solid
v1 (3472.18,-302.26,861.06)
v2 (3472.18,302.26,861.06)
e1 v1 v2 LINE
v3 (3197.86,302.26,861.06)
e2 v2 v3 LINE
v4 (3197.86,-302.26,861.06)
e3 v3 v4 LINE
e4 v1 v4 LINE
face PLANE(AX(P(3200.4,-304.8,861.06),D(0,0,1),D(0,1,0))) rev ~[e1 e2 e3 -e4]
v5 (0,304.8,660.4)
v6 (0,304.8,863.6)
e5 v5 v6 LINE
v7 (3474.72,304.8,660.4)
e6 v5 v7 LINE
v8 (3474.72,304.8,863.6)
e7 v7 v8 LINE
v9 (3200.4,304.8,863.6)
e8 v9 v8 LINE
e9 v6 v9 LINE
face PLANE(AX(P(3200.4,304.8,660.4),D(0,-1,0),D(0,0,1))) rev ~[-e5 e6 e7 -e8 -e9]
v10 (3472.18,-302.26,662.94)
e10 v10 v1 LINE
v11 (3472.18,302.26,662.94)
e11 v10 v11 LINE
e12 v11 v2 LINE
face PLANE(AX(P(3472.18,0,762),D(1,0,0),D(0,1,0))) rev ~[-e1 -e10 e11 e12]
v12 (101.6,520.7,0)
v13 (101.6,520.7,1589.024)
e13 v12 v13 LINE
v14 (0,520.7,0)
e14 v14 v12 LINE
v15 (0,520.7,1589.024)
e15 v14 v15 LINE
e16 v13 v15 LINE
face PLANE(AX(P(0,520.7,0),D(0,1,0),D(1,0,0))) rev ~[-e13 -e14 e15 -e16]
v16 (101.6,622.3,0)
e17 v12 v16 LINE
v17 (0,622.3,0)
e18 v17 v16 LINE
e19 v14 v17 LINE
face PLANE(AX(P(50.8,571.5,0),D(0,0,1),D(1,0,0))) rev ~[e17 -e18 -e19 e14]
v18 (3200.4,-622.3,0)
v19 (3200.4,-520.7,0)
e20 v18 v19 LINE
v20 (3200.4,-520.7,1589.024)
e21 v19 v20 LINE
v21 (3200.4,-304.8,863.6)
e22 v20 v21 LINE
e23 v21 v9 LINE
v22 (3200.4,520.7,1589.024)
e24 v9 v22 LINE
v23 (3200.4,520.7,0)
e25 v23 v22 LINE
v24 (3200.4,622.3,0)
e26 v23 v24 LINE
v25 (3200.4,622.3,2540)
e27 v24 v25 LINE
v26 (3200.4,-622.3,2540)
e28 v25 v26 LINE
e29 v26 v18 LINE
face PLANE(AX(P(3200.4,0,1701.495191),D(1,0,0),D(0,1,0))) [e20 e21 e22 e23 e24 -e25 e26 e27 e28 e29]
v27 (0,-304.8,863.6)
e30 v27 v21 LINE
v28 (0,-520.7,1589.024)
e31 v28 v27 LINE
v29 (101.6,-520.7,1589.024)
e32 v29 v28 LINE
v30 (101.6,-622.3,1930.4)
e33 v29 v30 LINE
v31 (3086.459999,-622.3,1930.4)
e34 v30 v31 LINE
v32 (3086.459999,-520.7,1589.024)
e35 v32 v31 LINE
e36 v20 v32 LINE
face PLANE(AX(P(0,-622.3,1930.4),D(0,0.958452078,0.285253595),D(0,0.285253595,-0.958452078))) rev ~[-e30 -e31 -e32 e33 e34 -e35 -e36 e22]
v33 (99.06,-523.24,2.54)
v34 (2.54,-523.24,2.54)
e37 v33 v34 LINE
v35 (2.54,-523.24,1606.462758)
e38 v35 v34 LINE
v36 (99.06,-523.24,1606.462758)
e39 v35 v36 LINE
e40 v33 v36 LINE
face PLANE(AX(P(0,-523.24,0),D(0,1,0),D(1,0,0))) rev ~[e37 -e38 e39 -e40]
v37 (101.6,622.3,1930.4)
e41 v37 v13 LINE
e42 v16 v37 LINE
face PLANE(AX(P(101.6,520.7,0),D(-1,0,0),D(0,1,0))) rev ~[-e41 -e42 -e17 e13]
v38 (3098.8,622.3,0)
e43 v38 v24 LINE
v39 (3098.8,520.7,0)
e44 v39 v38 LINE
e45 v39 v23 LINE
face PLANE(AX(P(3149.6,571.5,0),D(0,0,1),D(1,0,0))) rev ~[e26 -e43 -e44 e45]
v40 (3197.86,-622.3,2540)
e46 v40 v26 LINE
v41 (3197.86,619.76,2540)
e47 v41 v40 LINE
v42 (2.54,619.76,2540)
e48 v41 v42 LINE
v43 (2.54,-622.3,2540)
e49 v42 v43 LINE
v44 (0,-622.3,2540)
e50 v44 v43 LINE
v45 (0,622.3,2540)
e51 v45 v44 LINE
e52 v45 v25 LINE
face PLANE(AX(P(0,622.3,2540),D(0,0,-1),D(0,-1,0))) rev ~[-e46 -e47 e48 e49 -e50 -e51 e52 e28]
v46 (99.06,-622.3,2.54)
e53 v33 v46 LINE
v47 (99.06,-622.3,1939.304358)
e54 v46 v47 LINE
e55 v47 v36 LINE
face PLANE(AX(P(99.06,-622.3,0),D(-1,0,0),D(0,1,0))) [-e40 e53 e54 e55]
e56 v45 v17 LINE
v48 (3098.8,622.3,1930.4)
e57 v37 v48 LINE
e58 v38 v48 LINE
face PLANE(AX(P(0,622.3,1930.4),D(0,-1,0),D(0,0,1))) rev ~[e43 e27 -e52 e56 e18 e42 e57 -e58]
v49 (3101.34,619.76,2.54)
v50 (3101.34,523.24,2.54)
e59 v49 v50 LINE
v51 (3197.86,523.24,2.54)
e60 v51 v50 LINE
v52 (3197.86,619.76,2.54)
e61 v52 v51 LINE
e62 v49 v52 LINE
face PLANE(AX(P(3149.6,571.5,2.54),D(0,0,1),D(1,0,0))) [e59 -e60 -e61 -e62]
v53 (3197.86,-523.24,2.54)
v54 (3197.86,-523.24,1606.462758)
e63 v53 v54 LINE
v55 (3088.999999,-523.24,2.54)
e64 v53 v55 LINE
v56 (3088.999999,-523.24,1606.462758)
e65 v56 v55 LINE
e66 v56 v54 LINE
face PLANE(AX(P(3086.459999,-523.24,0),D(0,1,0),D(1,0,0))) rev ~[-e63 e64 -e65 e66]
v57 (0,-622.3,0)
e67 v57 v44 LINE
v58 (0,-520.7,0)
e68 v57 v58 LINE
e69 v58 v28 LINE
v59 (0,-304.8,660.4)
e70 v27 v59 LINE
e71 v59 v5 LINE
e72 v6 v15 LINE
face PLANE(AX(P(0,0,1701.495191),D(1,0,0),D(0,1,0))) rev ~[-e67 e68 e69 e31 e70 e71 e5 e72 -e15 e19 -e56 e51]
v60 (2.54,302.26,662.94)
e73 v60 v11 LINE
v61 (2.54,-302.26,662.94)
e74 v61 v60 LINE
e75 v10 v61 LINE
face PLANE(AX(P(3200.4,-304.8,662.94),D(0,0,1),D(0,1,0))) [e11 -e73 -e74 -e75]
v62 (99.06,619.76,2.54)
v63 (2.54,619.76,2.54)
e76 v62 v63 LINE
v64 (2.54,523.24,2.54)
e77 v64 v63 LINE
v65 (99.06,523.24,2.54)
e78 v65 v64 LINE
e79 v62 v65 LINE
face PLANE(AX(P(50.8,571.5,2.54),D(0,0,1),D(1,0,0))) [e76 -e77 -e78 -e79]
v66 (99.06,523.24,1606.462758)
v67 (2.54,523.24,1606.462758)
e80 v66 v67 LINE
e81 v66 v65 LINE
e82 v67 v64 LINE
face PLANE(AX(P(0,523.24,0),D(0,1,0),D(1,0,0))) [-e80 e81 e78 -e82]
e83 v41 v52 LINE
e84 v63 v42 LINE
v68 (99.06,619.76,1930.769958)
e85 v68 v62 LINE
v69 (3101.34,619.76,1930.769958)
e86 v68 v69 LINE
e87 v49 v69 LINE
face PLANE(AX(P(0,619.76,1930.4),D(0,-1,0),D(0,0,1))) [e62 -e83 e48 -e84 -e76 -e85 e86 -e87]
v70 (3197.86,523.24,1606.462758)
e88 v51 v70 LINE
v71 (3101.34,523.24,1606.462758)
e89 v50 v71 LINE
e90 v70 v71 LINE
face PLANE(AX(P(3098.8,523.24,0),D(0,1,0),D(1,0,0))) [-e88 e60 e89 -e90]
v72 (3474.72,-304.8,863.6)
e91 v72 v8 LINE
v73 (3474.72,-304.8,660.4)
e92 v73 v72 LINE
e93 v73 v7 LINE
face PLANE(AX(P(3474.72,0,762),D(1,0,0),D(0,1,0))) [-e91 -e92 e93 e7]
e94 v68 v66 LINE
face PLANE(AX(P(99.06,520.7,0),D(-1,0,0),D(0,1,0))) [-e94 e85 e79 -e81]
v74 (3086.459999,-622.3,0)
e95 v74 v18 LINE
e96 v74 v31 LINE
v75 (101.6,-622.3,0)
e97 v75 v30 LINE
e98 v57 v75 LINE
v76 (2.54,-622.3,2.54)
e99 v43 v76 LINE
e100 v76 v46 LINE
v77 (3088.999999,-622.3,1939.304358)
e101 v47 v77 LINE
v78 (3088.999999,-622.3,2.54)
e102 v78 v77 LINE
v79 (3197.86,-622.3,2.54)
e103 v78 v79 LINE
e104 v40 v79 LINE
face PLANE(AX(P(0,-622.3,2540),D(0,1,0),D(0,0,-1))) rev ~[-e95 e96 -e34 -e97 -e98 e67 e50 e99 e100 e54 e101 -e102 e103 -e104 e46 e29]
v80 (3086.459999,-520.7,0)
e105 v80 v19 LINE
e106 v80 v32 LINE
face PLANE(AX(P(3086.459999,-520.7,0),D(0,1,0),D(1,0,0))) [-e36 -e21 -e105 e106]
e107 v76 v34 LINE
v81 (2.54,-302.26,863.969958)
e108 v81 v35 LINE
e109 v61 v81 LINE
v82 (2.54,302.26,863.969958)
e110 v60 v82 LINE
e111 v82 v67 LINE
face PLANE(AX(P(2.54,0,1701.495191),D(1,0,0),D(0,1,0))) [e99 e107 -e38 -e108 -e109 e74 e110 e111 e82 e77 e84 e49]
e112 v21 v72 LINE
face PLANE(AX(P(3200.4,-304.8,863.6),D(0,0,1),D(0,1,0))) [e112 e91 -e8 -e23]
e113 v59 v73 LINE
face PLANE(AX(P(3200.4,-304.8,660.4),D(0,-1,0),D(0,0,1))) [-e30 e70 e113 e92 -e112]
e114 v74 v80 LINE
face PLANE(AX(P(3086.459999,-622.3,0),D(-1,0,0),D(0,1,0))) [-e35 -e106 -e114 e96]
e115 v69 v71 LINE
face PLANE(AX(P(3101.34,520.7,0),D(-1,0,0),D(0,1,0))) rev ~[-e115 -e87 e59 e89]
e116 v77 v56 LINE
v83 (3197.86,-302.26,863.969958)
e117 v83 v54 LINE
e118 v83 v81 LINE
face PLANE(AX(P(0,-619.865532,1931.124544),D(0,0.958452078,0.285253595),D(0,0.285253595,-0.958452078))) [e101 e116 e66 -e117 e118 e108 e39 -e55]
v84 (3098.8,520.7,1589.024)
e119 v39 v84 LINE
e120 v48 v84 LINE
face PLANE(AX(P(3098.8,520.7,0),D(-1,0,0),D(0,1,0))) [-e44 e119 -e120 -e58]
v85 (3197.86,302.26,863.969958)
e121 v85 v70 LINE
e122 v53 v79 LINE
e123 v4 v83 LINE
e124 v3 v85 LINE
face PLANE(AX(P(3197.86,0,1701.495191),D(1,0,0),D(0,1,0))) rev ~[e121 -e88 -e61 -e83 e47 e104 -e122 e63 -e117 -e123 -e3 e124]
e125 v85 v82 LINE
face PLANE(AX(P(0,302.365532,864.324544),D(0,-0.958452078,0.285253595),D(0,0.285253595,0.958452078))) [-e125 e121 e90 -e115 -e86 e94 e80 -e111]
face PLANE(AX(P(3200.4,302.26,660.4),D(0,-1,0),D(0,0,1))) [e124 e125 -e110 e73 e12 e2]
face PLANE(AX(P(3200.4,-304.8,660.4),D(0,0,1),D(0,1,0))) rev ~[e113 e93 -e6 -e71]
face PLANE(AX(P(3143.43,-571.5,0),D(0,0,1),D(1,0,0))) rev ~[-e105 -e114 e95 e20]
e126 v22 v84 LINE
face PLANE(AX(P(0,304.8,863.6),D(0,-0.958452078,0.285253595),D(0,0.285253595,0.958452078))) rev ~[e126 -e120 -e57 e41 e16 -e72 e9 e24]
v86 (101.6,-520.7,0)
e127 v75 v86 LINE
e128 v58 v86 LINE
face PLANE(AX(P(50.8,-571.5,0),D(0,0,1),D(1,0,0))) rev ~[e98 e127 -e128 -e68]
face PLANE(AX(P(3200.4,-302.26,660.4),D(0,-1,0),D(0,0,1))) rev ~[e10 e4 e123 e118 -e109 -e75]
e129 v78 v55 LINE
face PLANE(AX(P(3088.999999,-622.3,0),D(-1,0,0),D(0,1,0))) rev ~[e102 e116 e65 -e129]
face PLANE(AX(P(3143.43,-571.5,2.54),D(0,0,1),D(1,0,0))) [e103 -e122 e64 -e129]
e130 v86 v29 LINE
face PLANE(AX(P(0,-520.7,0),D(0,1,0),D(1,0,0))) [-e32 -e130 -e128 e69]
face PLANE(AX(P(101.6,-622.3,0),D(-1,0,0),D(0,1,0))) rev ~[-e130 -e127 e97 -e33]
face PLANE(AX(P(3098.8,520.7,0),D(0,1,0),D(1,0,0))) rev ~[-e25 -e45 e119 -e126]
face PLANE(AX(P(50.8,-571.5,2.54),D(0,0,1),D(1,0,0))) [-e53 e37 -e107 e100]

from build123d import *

# Parameters (mm, degrees)
F1_DEPTH = 3200.4
F2_W     = 113.9400005341
F2_H     = 101.6
F2_W_2   = 101.6
F4_W     = 609.6
F4_H     = 203.2
F5_DEPTH = 274.32
F6_T     = -2.54


with BuildPart() as f1:
    # F0 (on Right) → F1 (new body)
    with BuildSketch(Plane.YZ):
        Polygon((-304.8, 863.6), (-304.8, 660.4), (0, 660.4), (304.8, 660.4), (304.8, 863.6), (622.3, 1930.4), (622.3, 2540), (0, 2540), (-622.3, 2540), (-622.3, 1930.4), align=None)
    extrude(amount=F1_DEPTH)

    # F2 (on Top) → F3 (join, up to the next surface of F1)
    with BuildSketch(Plane.XY):
        with Locations((3143.429999733, -571.5)):
            Rectangle(F2_W, F2_H)
        with Locations((3149.6, 571.5)):
            Rectangle(F2_W_2, F2_H)
        with Locations((50.8, 571.5)):
            Rectangle(F2_W_2, F2_H)
        with Locations((50.8, -571.5)):
            Rectangle(F2_W_2, F2_H)
    extrude(until=Until.NEXT)

    # F4 (on face) → F5 (join)
    with BuildSketch(Plane.YZ.offset(3200.4)):
        with Locations((0, 762)):
            Rectangle(F4_W, F4_H)
    extrude(amount=F5_DEPTH)

    # F6
    f6_openings = [f1.faces().sort_by_distance(p)[0] for p in [
        (1600.2, 0, 2540),
        (1615.219326, -622.3, 2011.959545),
    ]]
    offset(amount=F6_T, openings=f6_openings, kind=Kind.INTERSECTION)


solid = f1.part
